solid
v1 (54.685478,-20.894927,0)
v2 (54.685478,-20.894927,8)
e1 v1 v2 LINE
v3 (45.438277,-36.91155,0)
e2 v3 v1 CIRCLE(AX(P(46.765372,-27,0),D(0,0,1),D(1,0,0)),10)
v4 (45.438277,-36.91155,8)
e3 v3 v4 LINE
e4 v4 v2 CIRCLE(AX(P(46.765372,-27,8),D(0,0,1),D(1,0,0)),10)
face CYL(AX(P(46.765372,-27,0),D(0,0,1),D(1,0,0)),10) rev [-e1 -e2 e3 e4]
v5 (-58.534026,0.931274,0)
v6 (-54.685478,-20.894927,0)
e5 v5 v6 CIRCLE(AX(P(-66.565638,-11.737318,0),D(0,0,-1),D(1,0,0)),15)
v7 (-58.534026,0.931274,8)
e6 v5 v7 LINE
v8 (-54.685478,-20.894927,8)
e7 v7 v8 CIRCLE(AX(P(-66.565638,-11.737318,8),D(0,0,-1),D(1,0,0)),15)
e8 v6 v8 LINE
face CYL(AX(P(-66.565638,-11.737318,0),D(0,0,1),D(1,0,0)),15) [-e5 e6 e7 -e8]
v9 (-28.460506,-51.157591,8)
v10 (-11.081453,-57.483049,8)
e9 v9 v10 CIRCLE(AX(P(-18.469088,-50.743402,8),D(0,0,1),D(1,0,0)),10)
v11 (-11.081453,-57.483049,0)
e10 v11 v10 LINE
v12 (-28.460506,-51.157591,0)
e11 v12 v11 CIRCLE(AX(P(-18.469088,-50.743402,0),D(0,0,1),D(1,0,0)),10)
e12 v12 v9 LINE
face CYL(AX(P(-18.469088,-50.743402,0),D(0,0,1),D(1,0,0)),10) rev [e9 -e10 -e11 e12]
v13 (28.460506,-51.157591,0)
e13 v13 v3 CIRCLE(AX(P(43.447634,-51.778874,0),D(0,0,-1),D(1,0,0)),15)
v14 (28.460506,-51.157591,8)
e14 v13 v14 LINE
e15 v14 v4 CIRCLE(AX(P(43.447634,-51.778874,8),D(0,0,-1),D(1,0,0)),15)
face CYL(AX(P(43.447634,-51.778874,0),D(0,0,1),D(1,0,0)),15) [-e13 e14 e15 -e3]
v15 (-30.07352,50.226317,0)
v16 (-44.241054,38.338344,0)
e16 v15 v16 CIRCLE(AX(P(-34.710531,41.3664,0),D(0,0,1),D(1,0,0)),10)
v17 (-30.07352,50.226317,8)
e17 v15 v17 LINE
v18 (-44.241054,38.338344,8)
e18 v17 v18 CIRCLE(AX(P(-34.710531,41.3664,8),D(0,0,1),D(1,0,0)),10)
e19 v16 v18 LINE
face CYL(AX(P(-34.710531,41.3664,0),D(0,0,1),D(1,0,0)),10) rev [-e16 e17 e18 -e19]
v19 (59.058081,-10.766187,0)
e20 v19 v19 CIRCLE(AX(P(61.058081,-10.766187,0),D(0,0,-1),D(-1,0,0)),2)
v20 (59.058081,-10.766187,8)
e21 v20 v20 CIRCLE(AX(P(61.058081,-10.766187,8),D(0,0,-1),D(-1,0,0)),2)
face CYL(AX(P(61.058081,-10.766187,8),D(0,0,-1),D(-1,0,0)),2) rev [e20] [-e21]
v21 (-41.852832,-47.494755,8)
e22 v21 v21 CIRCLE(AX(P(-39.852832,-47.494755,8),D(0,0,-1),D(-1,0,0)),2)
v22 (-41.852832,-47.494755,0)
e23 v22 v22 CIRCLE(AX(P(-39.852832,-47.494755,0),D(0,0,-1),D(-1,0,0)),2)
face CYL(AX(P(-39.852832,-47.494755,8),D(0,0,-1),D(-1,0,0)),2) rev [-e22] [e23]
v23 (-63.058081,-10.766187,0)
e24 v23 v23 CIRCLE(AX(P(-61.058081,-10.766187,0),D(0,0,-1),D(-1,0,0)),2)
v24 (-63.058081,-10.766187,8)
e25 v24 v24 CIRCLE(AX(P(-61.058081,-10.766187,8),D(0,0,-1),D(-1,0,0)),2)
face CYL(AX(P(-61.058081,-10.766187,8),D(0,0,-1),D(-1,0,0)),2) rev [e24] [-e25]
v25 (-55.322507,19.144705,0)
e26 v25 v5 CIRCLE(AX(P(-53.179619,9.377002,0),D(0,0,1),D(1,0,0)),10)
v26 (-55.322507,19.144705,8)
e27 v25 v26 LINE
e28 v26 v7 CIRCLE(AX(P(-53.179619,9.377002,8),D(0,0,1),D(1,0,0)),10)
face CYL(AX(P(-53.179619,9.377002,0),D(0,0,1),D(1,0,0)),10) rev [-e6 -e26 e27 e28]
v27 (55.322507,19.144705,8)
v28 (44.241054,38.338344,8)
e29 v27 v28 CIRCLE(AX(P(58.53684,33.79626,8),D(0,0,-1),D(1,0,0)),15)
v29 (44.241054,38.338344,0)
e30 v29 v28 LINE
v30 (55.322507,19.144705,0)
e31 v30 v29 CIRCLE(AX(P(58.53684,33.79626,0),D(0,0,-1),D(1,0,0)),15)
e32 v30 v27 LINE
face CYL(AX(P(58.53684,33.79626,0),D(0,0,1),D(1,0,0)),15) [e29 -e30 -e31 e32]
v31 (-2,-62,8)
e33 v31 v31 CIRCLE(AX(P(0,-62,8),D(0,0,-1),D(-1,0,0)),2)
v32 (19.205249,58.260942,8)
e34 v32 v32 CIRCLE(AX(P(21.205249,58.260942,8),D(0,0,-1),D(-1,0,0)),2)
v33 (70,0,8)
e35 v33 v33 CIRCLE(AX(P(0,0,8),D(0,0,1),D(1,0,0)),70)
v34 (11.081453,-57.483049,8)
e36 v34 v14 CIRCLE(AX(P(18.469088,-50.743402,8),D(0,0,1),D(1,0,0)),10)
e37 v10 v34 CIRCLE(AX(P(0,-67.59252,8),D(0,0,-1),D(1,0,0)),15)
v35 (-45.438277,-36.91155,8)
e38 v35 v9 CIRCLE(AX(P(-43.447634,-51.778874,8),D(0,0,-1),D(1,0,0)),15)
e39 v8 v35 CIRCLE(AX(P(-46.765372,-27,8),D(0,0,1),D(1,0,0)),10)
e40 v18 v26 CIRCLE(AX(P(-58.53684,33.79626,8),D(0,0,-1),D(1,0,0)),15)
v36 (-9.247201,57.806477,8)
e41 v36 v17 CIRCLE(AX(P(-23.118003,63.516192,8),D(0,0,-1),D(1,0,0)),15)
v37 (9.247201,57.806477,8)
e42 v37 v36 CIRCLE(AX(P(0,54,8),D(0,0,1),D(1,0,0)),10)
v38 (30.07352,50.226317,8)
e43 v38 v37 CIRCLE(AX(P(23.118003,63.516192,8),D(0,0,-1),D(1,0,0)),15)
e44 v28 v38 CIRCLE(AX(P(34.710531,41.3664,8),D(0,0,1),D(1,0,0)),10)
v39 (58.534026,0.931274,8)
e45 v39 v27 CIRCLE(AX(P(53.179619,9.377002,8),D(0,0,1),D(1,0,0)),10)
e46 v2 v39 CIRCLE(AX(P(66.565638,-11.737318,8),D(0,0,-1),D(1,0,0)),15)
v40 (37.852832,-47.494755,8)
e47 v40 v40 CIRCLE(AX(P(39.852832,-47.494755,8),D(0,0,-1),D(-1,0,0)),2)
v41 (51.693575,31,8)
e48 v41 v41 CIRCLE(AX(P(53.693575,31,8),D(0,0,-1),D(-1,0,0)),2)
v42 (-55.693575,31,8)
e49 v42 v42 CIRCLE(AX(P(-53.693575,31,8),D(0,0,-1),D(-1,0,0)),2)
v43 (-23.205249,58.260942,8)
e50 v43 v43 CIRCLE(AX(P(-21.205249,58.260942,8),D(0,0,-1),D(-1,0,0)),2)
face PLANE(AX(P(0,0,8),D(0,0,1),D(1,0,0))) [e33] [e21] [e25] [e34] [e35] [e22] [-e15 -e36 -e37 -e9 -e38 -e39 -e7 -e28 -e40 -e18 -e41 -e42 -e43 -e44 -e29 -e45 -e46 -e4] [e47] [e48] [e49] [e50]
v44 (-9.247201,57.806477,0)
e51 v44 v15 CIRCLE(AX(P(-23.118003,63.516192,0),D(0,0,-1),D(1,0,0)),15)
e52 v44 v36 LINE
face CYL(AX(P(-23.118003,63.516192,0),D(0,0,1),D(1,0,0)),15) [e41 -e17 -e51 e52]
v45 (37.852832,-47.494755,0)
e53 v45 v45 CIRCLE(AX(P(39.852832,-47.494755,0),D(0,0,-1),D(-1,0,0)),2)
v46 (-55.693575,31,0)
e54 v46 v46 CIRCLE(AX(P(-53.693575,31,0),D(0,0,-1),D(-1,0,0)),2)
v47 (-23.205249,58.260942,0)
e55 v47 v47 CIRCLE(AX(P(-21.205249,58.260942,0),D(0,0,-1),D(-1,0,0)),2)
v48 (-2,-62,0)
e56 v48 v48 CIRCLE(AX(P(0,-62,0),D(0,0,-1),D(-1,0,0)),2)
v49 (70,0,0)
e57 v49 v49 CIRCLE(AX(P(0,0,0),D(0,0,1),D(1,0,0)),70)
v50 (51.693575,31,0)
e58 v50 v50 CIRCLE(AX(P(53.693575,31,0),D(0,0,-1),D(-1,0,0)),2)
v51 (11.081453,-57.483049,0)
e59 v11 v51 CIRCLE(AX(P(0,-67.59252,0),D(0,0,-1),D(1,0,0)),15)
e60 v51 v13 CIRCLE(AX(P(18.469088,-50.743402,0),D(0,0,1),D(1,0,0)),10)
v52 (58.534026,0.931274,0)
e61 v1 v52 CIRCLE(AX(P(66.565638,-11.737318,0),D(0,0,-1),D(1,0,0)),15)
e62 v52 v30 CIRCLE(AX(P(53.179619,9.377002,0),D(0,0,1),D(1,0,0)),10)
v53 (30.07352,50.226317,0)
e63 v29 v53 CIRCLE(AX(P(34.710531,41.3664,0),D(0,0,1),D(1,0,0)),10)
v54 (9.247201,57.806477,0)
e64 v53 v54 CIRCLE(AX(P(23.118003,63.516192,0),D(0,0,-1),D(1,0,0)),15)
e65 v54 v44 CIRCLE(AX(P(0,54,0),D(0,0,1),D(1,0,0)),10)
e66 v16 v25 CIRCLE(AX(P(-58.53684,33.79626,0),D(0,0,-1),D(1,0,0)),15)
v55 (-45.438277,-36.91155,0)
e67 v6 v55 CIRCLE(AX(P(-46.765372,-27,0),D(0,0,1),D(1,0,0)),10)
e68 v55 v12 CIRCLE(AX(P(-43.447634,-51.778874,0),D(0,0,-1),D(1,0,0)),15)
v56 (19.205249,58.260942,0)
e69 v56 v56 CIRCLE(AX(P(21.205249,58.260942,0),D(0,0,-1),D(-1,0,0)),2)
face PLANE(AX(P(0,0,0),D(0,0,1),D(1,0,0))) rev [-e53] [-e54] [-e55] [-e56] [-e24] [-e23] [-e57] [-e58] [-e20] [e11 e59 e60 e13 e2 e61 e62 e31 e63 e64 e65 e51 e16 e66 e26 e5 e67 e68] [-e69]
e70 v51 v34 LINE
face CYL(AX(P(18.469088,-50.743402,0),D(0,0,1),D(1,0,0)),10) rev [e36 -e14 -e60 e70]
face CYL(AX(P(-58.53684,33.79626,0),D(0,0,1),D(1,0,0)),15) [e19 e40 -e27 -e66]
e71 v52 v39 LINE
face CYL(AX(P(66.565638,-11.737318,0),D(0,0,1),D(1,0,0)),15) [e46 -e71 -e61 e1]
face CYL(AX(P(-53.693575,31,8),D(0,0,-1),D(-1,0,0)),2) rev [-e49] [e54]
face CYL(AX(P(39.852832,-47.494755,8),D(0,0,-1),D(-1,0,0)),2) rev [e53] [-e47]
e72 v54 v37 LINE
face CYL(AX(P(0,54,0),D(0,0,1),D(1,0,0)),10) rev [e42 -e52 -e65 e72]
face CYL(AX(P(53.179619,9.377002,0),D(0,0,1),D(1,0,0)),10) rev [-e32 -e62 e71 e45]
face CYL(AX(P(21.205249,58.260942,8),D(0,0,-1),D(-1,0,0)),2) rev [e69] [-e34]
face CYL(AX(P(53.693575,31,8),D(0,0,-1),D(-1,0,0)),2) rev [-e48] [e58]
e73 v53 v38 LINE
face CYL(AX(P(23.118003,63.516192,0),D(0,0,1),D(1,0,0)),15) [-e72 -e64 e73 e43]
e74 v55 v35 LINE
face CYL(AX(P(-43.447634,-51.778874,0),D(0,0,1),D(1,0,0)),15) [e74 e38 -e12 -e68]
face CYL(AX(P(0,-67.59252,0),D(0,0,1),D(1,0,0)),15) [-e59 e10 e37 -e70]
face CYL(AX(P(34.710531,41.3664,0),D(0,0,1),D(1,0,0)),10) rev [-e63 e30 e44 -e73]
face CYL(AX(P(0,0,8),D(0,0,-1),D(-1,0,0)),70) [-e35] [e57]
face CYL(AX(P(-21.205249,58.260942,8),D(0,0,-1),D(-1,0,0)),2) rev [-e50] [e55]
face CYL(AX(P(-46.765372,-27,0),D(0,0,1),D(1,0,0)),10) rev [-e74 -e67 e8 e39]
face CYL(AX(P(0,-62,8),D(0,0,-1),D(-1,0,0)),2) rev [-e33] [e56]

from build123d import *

# Parameters (mm, degrees)
SKETCH_1_R          = 70
EXTRUDE_1_DEPTH     = 8
CUT_EXTRUDE_1_DEPTH = 8
SKETCH_3_R          = 2
CUT_EXTRUDE_2_DEPTH = 8


with BuildPart() as part:
    # 草图1 → 凸台-拉伸1 (new body)
    with BuildSketch(Plane.XY):
        Circle(SKETCH_1_R)
    extrude(amount=EXTRUDE_1_DEPTH)

    # 草图2 → 切除-拉伸1 (cut)
    with BuildSketch(Plane.XY.offset(8)):
        with BuildLine():
            ThreePointArc((9.24720137, 57.806476957), (0, 64), (-9.24720137, 57.806476957))
            ThreePointArc((-9.24720137, 57.806476957), (-17.987701275, 49.420803081), (-30.073519924, 50.226316914))
            ThreePointArc((-30.073519924, 50.226316914), (-41.13840702, 49.02684436), (-44.241054371, 38.338343984))
            ThreePointArc((-44.241054371, 38.338343984), (-45.546458487, 26.296260068), (-55.322507015, 19.144704984))
            ThreePointArc((-55.322507015, 19.144704984), (-63.027696193, 11.113483371), (-58.534026348, 0.931273778))
            ThreePointArc((-58.534026348, 0.931273778), (-51.793521581, -9.132595281), (-54.685478233, -20.894927178))
            ThreePointArc((-54.685478233, -20.894927178), (-55.425625842, -32), (-45.438276863, -36.911549779))
            ThreePointArc((-45.438276863, -36.911549779), (-33.805820306, -40.2882078), (-28.460506424, -51.157590692))
            ThreePointArc((-28.460506424, -51.157590692), (-21.889289173, -60.14032773), (-11.081452644, -57.483048968))
            ThreePointArc((-11.081452644, -57.483048968), (0, -52.592520136), (11.081452644, -57.483048968))
            ThreePointArc((11.081452644, -57.483048968), (21.889289173, -60.14032773), (28.460506424, -51.157590692))
            ThreePointArc((28.460506424, -51.157590692), (33.805820306, -40.2882078), (45.438276863, -36.911549779))
            ThreePointArc((45.438276863, -36.911549779), (55.425625842, -32), (54.685478233, -20.894927178))
            ThreePointArc((54.685478233, -20.894927178), (51.793521581, -9.132595281), (58.534026348, 0.931273778))
            ThreePointArc((58.534026348, 0.931273778), (63.027696193, 11.113483371), (55.322507015, 19.144704984))
            ThreePointArc((55.322507015, 19.144704984), (45.546458487, 26.296260068), (44.241054371, 38.338343984))
            ThreePointArc((44.241054371, 38.338343984), (41.13840702, 49.02684436), (30.073519924, 50.226316914))
            ThreePointArc((30.073519924, 50.226316914), (17.987701275, 49.420803081), (9.24720137, 57.806476957))
        make_face()
    extrude(amount=-CUT_EXTRUDE_1_DEPTH, mode=Mode.SUBTRACT)

    # 草图3 → 切除-拉伸2 (cut)
    with BuildSketch(Plane(origin=(0, 0, 0), x_dir=(-1, 0, 0), z_dir=(0, 0, -1))):
        with Locations((21.205248886, 58.260942489)):
            Circle(SKETCH_3_R)
        with Locations((53.693575035, 31)):
            Circle(SKETCH_3_R)
        with Locations((61.058080687, -10.766187015)):
            Circle(SKETCH_3_R)
        with Locations((39.852831801, -47.494755473)):
            Circle(SKETCH_3_R)
        with Locations((0, -62)):
            Circle(SKETCH_3_R)
        with Locations((-39.852831801, -47.494755473)):
            Circle(SKETCH_3_R)
        with Locations((-61.058080687, -10.766187015)):
            Circle(SKETCH_3_R)
        with Locations((-53.693575035, 31)):
            Circle(SKETCH_3_R)
        with Locations((-21.205248886, 58.260942489)):
            Circle(SKETCH_3_R)
    extrude(amount=-CUT_EXTRUDE_2_DEPTH, mode=Mode.SUBTRACT)


solid = part.part
